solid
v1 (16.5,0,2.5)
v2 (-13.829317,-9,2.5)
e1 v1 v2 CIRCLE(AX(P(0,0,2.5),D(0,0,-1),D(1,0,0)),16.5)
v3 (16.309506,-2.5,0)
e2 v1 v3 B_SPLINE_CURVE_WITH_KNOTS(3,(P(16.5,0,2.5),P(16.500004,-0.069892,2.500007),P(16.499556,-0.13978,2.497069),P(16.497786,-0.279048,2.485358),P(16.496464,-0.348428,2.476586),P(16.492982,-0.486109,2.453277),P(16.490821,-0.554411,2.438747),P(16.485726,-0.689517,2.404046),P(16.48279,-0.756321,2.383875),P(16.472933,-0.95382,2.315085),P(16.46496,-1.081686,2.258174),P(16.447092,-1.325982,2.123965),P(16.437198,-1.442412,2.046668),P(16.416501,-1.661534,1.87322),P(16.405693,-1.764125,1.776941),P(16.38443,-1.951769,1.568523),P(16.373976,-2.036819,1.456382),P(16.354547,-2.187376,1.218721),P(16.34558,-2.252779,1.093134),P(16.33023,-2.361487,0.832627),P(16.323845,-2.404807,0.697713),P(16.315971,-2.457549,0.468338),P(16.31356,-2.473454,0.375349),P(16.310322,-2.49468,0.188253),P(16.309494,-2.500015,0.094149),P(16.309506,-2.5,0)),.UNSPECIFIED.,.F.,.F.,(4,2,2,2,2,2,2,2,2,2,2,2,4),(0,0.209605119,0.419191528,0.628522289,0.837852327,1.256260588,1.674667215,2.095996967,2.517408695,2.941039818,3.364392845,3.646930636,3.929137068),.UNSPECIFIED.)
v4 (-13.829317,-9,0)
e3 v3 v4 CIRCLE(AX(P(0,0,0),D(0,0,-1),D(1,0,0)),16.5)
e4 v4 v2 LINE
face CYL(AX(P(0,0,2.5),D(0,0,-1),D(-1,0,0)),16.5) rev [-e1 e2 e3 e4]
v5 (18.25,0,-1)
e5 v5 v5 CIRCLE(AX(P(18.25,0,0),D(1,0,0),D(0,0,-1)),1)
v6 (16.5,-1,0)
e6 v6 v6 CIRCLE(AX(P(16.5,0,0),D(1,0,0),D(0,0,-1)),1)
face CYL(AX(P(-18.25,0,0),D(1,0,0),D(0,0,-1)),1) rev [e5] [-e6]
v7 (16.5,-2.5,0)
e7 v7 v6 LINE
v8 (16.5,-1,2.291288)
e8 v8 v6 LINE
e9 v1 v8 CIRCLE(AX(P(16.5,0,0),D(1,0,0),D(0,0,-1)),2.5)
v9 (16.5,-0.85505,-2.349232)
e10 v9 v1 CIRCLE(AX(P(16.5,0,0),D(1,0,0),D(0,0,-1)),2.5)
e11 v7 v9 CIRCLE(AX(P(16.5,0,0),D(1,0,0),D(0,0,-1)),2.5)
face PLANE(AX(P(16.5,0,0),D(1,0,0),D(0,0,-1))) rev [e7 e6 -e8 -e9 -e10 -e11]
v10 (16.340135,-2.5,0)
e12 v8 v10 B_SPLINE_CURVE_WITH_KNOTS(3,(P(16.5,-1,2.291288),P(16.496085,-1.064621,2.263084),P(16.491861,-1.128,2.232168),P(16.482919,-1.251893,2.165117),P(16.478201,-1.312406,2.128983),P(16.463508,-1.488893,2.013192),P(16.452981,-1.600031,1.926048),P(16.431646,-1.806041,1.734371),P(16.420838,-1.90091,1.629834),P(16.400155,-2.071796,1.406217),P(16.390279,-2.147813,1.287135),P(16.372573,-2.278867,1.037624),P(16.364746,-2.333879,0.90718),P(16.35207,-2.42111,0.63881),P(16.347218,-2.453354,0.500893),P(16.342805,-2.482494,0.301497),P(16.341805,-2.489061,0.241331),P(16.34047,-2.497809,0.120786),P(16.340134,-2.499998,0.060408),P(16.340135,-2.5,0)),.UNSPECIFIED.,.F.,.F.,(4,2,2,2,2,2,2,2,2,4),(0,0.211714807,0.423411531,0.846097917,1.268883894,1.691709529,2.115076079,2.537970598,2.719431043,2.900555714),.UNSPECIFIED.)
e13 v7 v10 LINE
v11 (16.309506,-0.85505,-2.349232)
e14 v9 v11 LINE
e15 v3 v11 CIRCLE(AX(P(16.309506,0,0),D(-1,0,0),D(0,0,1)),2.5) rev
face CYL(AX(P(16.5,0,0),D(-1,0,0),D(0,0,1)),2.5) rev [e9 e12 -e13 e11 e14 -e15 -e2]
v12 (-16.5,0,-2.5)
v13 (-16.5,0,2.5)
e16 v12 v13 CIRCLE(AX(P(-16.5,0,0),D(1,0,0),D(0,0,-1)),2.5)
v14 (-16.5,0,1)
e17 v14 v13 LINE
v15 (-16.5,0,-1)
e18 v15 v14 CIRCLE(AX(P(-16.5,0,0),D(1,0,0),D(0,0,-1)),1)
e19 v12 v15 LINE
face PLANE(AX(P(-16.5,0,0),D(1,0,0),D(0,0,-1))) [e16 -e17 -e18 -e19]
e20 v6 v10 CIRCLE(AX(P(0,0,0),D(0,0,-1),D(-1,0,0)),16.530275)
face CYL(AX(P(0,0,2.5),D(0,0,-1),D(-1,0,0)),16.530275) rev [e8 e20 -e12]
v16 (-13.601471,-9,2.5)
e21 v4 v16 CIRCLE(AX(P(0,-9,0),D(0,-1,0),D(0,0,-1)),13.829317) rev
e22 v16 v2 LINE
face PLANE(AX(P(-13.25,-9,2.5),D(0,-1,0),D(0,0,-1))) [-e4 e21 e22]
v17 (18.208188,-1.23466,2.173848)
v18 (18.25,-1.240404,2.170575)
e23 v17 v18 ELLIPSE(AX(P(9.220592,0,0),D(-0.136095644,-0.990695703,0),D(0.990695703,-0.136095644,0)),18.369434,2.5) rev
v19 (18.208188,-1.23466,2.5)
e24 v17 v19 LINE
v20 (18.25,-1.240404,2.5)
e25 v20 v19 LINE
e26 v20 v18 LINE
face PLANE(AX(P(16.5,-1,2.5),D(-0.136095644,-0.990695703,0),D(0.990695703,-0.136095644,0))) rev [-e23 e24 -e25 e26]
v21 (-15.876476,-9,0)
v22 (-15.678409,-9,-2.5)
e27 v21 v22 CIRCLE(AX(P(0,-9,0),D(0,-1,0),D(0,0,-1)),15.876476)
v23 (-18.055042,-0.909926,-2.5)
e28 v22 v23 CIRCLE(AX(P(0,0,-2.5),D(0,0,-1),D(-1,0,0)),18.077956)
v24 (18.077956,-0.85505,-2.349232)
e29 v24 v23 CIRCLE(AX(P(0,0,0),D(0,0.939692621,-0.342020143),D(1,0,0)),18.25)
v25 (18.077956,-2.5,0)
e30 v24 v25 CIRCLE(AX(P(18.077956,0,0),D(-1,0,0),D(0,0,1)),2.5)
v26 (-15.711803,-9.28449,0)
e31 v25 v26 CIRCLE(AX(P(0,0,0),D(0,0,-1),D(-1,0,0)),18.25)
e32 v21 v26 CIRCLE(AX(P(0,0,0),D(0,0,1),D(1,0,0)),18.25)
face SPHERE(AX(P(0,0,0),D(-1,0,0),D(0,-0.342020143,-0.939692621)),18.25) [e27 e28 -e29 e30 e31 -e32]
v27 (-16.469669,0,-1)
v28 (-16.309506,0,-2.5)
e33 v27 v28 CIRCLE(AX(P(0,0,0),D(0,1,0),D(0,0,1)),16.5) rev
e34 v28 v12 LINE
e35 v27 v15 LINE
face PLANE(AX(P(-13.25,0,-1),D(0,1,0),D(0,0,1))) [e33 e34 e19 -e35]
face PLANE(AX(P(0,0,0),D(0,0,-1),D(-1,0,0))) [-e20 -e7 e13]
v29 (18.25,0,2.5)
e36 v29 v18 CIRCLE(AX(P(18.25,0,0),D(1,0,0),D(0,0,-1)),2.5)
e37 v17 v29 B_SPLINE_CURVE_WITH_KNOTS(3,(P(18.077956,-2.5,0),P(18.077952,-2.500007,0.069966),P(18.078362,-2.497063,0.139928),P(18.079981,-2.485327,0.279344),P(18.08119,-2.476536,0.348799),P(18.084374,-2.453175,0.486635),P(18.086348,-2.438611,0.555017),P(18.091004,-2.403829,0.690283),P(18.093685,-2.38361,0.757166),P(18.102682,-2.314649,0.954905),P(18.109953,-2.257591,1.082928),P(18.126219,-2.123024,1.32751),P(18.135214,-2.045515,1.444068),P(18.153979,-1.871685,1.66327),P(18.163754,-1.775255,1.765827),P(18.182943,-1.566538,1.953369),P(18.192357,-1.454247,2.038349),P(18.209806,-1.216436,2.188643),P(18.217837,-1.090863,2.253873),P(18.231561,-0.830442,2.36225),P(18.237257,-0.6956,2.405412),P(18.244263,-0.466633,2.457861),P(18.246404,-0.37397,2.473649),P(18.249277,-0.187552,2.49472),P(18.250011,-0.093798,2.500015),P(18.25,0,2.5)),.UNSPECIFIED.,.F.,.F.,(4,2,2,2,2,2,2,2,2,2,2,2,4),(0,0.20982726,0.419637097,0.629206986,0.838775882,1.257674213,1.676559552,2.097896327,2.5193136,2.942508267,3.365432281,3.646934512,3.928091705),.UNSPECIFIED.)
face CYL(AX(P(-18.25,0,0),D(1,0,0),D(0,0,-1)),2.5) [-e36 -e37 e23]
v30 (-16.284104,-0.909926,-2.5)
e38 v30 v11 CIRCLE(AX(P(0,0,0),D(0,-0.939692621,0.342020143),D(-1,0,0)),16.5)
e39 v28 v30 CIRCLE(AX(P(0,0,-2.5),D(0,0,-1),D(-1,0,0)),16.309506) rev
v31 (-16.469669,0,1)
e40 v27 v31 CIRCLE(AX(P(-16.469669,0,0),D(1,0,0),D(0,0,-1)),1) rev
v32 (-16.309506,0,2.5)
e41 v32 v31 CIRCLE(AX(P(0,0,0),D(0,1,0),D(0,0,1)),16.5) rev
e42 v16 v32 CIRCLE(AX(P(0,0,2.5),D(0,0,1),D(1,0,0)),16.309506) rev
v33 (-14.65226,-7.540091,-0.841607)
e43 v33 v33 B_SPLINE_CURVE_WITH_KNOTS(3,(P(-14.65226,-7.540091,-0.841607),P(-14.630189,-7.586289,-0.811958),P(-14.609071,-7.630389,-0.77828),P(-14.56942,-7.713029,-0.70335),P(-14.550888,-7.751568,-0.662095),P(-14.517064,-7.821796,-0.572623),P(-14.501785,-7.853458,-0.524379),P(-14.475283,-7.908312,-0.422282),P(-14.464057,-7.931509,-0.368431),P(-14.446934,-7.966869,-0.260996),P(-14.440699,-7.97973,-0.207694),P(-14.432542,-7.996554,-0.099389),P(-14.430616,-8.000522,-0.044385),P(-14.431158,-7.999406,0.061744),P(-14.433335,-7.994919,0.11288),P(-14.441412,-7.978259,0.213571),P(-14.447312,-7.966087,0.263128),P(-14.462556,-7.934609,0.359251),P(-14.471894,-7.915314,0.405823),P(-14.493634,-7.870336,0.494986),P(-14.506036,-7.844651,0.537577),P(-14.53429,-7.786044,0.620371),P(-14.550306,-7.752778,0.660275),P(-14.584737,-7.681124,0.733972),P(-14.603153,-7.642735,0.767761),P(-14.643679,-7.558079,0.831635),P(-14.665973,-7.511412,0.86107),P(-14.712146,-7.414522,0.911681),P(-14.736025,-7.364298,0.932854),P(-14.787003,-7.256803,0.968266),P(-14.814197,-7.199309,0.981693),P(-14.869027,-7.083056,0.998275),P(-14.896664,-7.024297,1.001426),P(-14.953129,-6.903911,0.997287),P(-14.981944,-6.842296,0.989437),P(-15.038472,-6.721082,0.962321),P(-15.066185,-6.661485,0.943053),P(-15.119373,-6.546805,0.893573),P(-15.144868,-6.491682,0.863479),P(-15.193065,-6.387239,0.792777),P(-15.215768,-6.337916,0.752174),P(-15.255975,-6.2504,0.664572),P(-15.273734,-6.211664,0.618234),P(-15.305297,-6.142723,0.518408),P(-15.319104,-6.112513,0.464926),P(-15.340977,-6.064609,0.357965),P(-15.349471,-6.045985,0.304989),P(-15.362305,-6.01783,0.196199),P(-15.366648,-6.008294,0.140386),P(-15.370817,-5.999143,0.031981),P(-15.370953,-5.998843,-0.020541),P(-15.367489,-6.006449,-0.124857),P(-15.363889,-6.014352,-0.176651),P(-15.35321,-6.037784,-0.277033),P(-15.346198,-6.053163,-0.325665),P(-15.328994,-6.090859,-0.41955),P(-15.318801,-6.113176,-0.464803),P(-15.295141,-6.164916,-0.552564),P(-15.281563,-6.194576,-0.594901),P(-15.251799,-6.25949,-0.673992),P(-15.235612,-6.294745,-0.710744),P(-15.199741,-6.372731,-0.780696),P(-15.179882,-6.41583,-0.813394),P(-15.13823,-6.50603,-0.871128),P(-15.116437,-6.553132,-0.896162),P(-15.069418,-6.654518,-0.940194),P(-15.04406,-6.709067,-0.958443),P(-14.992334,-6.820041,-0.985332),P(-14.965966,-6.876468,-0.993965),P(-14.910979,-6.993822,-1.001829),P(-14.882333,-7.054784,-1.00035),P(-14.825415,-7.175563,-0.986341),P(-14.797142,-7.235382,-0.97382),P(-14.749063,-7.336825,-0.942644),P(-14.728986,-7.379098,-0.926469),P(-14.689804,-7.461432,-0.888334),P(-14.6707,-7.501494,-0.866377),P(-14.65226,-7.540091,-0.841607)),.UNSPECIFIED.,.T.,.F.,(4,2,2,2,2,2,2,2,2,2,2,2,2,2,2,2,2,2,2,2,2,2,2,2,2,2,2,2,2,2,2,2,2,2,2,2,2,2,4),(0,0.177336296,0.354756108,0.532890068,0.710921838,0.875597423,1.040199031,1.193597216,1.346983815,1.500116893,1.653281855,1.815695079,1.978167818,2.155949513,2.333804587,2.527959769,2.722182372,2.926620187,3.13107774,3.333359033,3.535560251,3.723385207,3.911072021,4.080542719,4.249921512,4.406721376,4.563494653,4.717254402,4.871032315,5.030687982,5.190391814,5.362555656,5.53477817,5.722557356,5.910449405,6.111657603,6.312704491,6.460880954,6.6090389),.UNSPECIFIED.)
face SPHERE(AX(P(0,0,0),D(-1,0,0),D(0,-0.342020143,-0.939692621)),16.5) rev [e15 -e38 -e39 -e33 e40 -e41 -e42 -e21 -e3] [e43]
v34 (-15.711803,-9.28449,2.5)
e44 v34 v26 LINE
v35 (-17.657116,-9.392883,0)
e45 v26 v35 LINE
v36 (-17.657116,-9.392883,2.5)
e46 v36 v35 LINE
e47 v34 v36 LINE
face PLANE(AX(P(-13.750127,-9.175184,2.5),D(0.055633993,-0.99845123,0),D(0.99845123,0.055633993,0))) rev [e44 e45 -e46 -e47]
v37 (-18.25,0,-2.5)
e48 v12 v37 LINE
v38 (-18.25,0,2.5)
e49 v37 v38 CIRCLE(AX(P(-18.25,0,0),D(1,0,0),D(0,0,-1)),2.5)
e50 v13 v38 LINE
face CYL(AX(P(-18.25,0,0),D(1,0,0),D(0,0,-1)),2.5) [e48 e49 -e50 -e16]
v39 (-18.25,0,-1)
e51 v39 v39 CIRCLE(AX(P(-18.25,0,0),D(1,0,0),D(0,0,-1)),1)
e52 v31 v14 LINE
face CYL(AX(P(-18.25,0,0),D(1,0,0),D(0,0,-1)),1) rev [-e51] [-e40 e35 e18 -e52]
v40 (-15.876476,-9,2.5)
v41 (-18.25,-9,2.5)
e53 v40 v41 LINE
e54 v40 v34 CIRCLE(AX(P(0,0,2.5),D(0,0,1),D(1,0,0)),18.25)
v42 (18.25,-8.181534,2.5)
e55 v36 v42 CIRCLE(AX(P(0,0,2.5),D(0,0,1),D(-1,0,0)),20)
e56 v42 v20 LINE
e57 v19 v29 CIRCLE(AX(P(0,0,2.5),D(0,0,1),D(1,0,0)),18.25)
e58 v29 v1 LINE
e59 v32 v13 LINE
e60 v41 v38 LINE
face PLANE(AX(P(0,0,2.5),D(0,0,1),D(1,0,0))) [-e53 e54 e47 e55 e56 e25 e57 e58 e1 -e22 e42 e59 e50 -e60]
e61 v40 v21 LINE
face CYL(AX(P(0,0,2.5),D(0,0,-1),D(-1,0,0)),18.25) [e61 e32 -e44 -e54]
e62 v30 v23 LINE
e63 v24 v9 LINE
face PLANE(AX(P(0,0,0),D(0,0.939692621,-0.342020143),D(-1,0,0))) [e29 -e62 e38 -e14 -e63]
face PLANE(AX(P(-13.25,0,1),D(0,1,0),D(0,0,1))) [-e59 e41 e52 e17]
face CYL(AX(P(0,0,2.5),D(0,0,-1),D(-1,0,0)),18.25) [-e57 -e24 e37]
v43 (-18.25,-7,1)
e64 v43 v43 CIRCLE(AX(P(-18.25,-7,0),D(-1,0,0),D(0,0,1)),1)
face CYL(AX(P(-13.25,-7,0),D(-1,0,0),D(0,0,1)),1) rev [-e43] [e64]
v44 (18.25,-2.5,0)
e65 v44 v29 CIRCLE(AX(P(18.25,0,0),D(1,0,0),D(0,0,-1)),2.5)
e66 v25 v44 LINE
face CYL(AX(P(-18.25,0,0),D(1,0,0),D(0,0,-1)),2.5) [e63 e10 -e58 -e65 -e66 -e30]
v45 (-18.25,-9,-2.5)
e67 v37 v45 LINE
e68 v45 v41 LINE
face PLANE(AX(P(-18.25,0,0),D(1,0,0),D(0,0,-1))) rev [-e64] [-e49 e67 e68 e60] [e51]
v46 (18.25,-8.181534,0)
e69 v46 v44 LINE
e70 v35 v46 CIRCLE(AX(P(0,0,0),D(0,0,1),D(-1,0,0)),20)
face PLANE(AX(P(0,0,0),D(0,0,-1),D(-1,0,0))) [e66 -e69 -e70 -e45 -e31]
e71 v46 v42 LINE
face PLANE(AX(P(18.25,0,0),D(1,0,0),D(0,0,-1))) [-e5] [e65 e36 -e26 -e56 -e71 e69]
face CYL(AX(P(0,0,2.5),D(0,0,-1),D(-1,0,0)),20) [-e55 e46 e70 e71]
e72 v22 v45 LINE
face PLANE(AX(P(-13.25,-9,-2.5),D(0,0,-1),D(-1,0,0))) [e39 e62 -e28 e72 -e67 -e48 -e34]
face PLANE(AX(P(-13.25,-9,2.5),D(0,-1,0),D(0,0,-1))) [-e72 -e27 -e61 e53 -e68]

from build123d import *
from build123d.topology import SkipClean

# Parameters (mm, degrees)
EXTRUDE_1_DEPTH          = 2.5
REVOLVE_1_ANGLE          = 70
EXTRUDE_2_DEPTH          = 18.25
EXTRUDE_2_DEPTH_BACK     = 18.25
SKETCH_4_R               = 2.5
SKETCH_4_R_2             = 1
CUT_EXTRUDE_1_DEPTH      = 16.5
CUT_EXTRUDE_1_DEPTH_BACK = 16.5
SKETCH_7_R               = 2.5
SKETCH_7_R_2             = 1
CUT_EXTRUDE_2_DEPTH      = 100
CUT_EXTRUDE_2_DEPTH_BACK = 100
SKETCH_8_R               = 1
EXTRUDE_START            = -5
SKETCH_9_R               = 1
EXTRUDE_3_DEPTH          = 5
CUT_EXTRUDE_START        = -5
SKETCH_12_R              = 1
CUT_EXTRUDE_3_DEPTH      = 5
EXTRUDE_4_DEPTH          = 2.5
CUT_EXTRUDE_4_DEPTH      = 2.5


with BuildPart() as part:
    # 草图1 → 凸台-拉伸1 (new body)
    with BuildSketch(Plane.XY):
        with BuildLine():
            Line((-18.25, 0), (-16.5, 0))
            ThreePointArc((-16.5, 0), (0, -16.5), (16.5, 0))
            Line((16.5, 0), (18.25, 0))
            ThreePointArc((18.25, 0), (0, -18.25), (-18.25, 0))
        make_face()
    extrude(amount=EXTRUDE_1_DEPTH)

    # 草图2 → 旋转1 (revolve)
    with BuildSketch(Plane(origin=(0, 0, 0), x_dir=(-1, 0, 0), z_dir=(0, 0, -1))):
        with BuildLine():
            Line((-17.375, 0), (-16.5, 0))
            ThreePointArc((-16.5, 0), (0, -16.5), (16.5, 0))
            Line((16.5, 0), (17.375, 0))
            Line((17.375, 0), (18.25, 0))
            ThreePointArc((18.25, 0), (0, -18.25), (-18.25, 0))
            Line((-18.25, 0), (-17.375, 0))
        make_face()
    revolve(axis=Axis((16.5, 0, 0), (1, 0, 0)), revolution_arc=REVOLVE_1_ANGLE)

    # 草图4 → 凸台-拉伸2 (add, two sides: drawn at the far end of the back side and taken through both)
    with BuildSketch(Plane(origin=(0, 0, 0), x_dir=(0, 0, -1), z_dir=(1, 0, 0)).offset(-EXTRUDE_2_DEPTH_BACK)):
        Circle(SKETCH_4_R)
        Circle(SKETCH_4_R_2, mode=Mode.SUBTRACT)
    extrude(amount=EXTRUDE_2_DEPTH + EXTRUDE_2_DEPTH_BACK)

    # 草图7 → 切除-拉伸1 (cut, two sides: drawn at the far end of the back side and taken through both)
    with SkipClean():  # the faces are left unmerged after this step: merging them gives an invalid solid
        with BuildSketch(Plane(origin=(0, 0, 0), x_dir=(0, 0, -1), z_dir=(1, 0, 0)).offset(-CUT_EXTRUDE_1_DEPTH_BACK)):
            Circle(SKETCH_7_R)
            Circle(SKETCH_7_R_2, mode=Mode.SUBTRACT)
        extrude(amount=CUT_EXTRUDE_1_DEPTH + CUT_EXTRUDE_1_DEPTH_BACK, mode=Mode.SUBTRACT)

    # 草图8 → 切除-拉伸2 (cut, two sides: drawn at the far end of the back side and taken through both)
    with BuildSketch(Plane(origin=(0, 0, 0), x_dir=(0, 0, -1), z_dir=(1, 0, 0)).offset(-CUT_EXTRUDE_2_DEPTH_BACK)):
        Circle(SKETCH_8_R)
    extrude(amount=CUT_EXTRUDE_2_DEPTH + CUT_EXTRUDE_2_DEPTH_BACK, mode=Mode.SUBTRACT)

    # 草图9 → 凸台-拉伸3 (add)
    with BuildSketch(Plane.ZY.offset(18.25).offset(EXTRUDE_START)):
        with BuildLine():
            Line((1, 0), (2.5, 0))
            Line((2.5, 0), (2.5, -9))
            Line((2.5, -9), (-2.5, -9))
            Line((-2.5, -9), (-2.5, 0))
            Line((-2.5, 0), (-1, 0))
            ThreePointArc((-1, 0), (0, -1), (1, 0))
        make_face()
        with Locations((0, -7)):
            Circle(SKETCH_9_R, mode=Mode.SUBTRACT)
    extrude(amount=EXTRUDE_3_DEPTH)

    # 草图12 → 切除-拉伸3 (cut)
    with BuildSketch(Plane.ZY.offset(18.25).offset(CUT_EXTRUDE_START)):
        with Locations((0, -7)):
            Circle(SKETCH_12_R)
    extrude(amount=CUT_EXTRUDE_3_DEPTH, mode=Mode.SUBTRACT)

    # 草图13 → 切除-旋转1 (revolve, cut)
    with BuildSketch(Plane.XY):
        with BuildLine():
            Line((16.5, 0), (-16.5, 0))
            ThreePointArc((-16.5, 0), (0, -16.5), (16.5, 0))
        make_face()
    revolve(axis=Axis((16.5, 0, 0), (-1, 0, 0)), mode=Mode.SUBTRACT)

    # 草图14 → 凸台-拉伸4 (add)
    with BuildSketch(Plane.XY):
        with BuildLine():
            Line((16.5, -1), (19.945657674, -1.473343123))
            ThreePointArc((19.945657674, -1.473343123), (4.12178771, -19.570663404), (-17.657116061, -9.392883071))
            Line((-17.657116061, -9.392883071), (-13.750126888, -9.175184497))
            ThreePointArc((-13.750126888, -9.175184497), (4.31263967, -15.957792425), (16.5, -1))
        make_face()
    extrude(amount=EXTRUDE_4_DEPTH)

    # 草图15 → 切除-拉伸4 (cut)
    with BuildSketch(Plane(origin=(0, 0, 0), x_dir=(-1, 0, 0), z_dir=(0, 0, -1))):
        Polygon((-19.945657674, -1.473343123), (-18.25, -1.240404168), (-18.25, -11.043121242), (-22.78736169, -5.639500824), align=None)
    extrude(amount=-CUT_EXTRUDE_4_DEPTH, mode=Mode.SUBTRACT)


solid = part.part
